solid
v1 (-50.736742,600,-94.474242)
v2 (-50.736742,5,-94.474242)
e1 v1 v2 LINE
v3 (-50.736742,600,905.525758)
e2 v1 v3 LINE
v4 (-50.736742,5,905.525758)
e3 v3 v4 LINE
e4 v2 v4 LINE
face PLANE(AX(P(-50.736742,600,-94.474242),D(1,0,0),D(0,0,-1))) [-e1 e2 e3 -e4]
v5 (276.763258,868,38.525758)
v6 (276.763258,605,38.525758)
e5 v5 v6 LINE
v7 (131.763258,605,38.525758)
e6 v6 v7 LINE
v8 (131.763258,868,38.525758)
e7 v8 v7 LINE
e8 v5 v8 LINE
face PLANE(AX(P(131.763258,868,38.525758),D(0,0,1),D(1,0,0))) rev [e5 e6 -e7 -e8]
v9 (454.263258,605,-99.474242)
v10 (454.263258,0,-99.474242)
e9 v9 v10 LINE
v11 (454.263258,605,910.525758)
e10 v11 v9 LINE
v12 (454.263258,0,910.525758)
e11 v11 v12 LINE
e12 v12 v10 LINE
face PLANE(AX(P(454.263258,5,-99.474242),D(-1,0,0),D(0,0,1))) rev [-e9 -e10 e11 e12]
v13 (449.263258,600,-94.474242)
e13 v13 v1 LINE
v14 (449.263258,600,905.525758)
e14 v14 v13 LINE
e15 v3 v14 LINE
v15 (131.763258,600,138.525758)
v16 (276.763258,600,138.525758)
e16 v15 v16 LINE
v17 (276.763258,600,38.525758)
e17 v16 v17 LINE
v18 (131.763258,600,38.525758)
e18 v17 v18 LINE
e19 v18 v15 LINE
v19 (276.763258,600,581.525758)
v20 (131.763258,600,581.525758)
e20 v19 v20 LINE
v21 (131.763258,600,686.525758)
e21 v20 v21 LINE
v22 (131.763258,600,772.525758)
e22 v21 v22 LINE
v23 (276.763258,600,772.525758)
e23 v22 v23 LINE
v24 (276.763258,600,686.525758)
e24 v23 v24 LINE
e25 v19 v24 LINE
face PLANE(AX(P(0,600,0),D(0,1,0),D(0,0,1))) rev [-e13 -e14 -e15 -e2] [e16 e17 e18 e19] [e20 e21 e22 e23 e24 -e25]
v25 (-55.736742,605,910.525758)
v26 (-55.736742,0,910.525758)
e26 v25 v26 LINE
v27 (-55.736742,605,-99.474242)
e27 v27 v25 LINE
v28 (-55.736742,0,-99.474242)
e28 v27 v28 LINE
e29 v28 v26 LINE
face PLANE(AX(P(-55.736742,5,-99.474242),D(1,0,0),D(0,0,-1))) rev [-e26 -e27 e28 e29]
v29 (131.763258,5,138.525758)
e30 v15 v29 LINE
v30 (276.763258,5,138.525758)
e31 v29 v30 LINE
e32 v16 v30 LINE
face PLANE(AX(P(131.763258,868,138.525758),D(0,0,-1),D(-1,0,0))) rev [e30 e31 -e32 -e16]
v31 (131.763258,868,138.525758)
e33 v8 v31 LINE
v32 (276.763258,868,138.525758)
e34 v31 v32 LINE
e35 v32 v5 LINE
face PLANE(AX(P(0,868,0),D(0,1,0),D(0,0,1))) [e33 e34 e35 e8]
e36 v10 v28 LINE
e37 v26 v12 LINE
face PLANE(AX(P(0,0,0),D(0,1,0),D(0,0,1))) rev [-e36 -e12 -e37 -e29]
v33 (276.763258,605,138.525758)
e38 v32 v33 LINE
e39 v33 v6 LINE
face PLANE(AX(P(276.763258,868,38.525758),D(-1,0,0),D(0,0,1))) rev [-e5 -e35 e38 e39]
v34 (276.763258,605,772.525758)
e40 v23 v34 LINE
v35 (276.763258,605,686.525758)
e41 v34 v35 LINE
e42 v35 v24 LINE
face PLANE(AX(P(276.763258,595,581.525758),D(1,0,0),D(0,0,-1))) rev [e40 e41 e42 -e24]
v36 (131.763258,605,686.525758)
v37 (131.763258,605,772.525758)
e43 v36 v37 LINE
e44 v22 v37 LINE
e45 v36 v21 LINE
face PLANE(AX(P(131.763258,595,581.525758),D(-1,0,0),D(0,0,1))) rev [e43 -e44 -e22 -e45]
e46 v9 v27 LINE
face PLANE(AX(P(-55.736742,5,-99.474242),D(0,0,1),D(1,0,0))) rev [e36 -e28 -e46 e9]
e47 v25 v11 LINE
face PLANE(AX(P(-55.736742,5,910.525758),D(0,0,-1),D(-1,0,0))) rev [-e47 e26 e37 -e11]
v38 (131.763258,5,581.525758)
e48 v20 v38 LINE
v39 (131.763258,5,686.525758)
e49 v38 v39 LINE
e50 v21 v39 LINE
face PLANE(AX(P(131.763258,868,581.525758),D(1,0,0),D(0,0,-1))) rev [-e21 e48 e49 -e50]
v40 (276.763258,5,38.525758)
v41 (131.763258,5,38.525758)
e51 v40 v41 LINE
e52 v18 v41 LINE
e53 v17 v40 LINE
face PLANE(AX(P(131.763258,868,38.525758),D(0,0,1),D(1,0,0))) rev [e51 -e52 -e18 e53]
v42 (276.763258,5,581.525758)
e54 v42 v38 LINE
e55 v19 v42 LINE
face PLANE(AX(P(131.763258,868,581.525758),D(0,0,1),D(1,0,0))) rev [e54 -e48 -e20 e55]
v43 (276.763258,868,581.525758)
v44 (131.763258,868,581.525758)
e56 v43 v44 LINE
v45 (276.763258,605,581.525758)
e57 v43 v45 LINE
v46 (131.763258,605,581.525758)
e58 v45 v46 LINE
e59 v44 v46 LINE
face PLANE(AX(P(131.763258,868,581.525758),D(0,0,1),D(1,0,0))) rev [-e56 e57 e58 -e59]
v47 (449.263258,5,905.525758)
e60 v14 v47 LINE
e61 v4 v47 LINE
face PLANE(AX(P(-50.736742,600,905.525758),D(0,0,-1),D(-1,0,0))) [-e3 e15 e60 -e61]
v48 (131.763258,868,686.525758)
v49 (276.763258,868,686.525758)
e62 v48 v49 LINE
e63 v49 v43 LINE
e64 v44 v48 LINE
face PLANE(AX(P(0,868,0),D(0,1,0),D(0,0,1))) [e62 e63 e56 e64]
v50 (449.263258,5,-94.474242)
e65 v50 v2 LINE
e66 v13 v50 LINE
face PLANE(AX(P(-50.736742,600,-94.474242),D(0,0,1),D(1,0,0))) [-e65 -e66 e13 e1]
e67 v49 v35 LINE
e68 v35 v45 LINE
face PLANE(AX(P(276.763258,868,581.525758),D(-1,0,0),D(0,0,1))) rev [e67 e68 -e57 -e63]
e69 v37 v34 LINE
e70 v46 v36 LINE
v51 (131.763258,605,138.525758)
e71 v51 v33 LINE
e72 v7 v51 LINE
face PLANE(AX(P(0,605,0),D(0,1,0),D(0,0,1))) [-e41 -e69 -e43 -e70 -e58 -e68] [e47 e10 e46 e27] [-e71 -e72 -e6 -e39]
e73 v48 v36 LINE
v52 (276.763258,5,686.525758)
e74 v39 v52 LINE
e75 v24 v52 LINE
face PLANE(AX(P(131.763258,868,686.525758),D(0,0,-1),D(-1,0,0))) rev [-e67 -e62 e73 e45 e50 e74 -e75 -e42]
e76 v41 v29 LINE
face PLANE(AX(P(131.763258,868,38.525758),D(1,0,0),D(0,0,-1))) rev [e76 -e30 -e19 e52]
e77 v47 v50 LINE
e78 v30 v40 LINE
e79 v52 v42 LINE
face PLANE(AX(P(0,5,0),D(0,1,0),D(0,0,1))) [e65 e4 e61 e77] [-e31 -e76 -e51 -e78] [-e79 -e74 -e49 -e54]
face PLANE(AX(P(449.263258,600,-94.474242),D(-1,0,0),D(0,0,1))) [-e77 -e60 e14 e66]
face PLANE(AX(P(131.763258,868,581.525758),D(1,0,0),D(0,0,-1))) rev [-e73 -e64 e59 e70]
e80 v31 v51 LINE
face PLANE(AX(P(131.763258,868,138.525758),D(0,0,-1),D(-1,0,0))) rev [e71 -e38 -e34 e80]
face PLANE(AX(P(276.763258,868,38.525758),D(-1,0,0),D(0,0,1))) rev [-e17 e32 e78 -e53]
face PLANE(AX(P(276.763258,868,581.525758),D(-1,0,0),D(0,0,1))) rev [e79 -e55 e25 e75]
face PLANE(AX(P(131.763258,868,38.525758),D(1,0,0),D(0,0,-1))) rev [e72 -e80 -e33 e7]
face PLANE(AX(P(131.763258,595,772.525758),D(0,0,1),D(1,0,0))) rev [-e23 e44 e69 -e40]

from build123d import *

# Parameters (mm, degrees)
ESQUISSE2_W             = 510
ESQUISSE2_H             = 1010
BOSS_EXTRU_1_DEPTH      = 5
ESQUISSE4_W             = 510
ESQUISSE4_H             = 1010
ESQUISSE4_W_2           = 500
ESQUISSE4_H_2           = 1000
BOSS_EXTRU_2_DEPTH      = 595
ESQUISSE5_W             = 510
ESQUISSE5_H             = 1010
BOSS_EXTRU_3_DEPTH      = 5
ESQUISSE6_W             = 145
ESQUISSE6_H             = 191
ESQUISSE6_H_2           = 100
ENL_V_MAT_EXTRU_1_DEPTH = 10
ESQUISSE8_W             = 145
ESQUISSE8_H             = 100
ESQUISSE8_H_2           = 105
BOSS_EXTRU_5_DEPTH      = 863


with BuildPart() as part:
    # Esquisse2 → Boss.-Extru.1 (new body)
    with BuildSketch(Plane(origin=(0, 0, 0), x_dir=(1, 0, 0), z_dir=(0, 1, 0))):
        with Locations((199.263257584, -405.525758022)):
            Rectangle(ESQUISSE2_W, ESQUISSE2_H)
    extrude(amount=BOSS_EXTRU_1_DEPTH)

    # Esquisse4 → Boss.-Extru.2 (add)
    with BuildSketch(Plane(origin=(0, 5, 0), x_dir=(1, 0, 0), z_dir=(0, 1, 0))):
        with Locations((199.263257584, -405.525758022)):
            Rectangle(ESQUISSE4_W, ESQUISSE4_H)
        with Locations((199.263257584, -405.525758022)):
            Rectangle(ESQUISSE4_W_2, ESQUISSE4_H_2, mode=Mode.SUBTRACT)
    extrude(amount=BOSS_EXTRU_2_DEPTH)

    # Esquisse5 → Boss.-Extru.3 (add)
    with BuildSketch(Plane(origin=(0, 600, 0), x_dir=(1, 0, 0), z_dir=(0, 1, 0))):
        with Locations((199.263257584, -405.525758022)):
            Rectangle(ESQUISSE5_W, ESQUISSE5_H)
    extrude(amount=BOSS_EXTRU_3_DEPTH)

    # Esquisse6 → Enlèv. mat.-Extru.1 (cut)
    with BuildSketch(Plane(origin=(0, 605, 0), x_dir=(1, 0, 0), z_dir=(0, 1, 0))):
        with Locations((204.263257584, -677.025758022)):
            Rectangle(ESQUISSE6_W, ESQUISSE6_H)
        with Locations((204.263257584, -88.525758022)):
            Rectangle(ESQUISSE6_W, ESQUISSE6_H_2)
    extrude(amount=-ENL_V_MAT_EXTRU_1_DEPTH, mode=Mode.SUBTRACT)

    # Esquisse8 → Boss.-Extru.5 (add)
    with BuildSketch(Plane(origin=(0, 5, 0), x_dir=(1, 0, 0), z_dir=(0, 1, 0))):
        with Locations((204.263257584, -88.525758022)):
            Rectangle(ESQUISSE8_W, ESQUISSE8_H)
        with Locations((204.263257584, -634.025758022)):
            Rectangle(ESQUISSE8_W, ESQUISSE8_H_2)
    extrude(amount=BOSS_EXTRU_5_DEPTH)


solid = part.part
